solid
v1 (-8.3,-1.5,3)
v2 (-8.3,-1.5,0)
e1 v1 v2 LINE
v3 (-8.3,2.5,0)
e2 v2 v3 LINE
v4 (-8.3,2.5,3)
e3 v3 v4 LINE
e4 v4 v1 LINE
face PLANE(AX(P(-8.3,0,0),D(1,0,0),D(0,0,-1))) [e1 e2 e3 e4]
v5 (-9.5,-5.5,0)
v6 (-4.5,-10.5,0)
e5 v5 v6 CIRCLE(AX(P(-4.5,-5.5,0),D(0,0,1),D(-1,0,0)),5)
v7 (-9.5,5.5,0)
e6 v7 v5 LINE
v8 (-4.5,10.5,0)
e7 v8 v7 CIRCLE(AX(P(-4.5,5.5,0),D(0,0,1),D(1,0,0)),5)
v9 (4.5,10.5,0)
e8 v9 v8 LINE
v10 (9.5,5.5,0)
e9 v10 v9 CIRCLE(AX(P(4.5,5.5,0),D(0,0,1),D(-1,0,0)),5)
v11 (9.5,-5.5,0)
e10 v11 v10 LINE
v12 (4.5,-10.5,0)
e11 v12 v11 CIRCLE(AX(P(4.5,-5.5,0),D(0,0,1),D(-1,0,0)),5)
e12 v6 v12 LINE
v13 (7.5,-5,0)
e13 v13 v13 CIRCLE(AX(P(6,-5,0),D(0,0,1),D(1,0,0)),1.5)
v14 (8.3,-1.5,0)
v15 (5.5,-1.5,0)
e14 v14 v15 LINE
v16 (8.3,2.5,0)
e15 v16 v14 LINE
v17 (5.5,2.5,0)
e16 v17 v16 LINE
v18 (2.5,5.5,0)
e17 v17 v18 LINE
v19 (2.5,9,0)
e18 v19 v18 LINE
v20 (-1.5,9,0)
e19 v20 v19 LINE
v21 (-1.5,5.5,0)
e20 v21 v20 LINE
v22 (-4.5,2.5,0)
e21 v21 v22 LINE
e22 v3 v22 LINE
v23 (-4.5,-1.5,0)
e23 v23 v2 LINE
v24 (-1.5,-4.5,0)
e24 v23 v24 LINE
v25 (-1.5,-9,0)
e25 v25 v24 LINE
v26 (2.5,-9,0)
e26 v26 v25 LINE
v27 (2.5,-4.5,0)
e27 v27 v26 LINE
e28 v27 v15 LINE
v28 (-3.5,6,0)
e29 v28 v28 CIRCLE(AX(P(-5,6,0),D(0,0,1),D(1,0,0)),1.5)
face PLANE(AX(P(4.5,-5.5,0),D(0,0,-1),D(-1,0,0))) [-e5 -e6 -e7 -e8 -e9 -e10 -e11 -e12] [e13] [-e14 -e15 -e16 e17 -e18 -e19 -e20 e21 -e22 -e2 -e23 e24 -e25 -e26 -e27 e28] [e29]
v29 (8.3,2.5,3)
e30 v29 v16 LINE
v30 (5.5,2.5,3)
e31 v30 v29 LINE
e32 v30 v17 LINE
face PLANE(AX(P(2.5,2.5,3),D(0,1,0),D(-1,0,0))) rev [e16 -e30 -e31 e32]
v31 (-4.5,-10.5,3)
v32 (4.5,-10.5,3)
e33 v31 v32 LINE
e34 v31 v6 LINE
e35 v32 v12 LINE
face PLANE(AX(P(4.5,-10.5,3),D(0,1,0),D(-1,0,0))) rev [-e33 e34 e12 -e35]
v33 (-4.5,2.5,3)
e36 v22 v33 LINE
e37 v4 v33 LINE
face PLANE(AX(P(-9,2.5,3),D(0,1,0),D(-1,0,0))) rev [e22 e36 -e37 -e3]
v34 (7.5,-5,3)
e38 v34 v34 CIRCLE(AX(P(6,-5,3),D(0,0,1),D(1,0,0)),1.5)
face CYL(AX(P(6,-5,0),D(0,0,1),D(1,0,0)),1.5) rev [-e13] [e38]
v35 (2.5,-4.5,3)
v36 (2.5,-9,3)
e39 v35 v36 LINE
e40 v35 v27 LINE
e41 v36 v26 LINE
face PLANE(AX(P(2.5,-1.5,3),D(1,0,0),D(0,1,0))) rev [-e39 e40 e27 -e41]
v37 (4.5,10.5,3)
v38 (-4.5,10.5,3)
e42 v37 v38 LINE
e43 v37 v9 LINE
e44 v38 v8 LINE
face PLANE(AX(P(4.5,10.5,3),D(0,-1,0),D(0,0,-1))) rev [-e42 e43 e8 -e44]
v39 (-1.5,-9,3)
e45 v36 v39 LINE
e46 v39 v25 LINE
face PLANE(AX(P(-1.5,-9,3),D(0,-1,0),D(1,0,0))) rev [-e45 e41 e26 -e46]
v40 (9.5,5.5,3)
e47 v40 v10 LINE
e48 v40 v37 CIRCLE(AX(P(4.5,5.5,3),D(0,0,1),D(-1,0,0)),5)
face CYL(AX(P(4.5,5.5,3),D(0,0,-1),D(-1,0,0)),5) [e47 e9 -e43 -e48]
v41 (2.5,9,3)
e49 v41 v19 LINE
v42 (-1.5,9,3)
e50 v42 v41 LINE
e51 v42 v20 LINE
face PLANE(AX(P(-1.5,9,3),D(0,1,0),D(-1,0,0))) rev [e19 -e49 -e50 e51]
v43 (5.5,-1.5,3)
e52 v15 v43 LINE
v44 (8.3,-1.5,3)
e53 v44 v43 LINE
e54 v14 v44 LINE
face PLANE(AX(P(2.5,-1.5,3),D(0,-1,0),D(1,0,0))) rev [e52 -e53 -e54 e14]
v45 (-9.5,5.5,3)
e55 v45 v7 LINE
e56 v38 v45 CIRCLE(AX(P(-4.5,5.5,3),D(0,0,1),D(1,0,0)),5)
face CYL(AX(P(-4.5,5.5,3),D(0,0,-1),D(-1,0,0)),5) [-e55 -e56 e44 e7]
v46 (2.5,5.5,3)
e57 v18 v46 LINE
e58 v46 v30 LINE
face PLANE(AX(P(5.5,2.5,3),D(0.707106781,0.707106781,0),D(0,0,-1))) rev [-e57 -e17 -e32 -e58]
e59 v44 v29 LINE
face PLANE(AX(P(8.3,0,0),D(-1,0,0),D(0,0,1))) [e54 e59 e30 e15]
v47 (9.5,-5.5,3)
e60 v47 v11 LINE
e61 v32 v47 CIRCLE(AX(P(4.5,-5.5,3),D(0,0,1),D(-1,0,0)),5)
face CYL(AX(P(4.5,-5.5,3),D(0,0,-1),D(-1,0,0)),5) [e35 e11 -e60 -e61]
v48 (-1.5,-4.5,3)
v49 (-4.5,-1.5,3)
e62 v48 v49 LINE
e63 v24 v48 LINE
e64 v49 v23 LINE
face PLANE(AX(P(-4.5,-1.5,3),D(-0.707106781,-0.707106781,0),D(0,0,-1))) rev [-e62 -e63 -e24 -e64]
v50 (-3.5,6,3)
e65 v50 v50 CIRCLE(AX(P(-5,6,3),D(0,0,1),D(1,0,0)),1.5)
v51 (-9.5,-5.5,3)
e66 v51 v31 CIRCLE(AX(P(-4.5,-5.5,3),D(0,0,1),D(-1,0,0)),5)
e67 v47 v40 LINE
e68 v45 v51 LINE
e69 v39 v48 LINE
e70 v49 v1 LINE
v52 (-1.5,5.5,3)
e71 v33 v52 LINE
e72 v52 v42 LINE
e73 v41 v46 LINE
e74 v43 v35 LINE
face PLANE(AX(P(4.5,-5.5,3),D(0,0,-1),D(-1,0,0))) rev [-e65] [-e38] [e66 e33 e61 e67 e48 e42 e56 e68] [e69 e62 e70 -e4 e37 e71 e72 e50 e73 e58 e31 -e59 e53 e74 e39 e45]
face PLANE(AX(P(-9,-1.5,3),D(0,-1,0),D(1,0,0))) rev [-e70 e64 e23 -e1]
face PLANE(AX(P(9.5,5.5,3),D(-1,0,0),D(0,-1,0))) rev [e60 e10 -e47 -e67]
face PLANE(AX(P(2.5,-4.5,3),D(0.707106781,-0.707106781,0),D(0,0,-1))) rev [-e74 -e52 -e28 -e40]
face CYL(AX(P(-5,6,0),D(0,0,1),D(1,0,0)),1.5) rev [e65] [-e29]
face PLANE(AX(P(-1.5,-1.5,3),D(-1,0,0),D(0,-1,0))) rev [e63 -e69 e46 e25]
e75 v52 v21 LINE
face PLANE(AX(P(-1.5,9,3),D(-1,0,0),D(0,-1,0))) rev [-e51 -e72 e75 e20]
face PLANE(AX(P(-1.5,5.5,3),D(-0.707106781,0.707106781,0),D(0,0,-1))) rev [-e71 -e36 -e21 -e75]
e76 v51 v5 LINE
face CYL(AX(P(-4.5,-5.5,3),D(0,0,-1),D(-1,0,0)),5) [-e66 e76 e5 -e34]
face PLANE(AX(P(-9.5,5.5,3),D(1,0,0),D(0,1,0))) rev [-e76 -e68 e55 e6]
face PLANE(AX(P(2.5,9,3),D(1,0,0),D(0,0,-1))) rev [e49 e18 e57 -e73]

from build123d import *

# Parameters (mm, degrees)
RESSALTO_EXTRUS_O1_DEPTH = 3
CORTE_EXTRUS_O1_DEPTH    = 3
ESBO_O3_R                = 1.5
CORTE_EXTRUS_O2_DEPTH    = 3
CHANFRO1_SIZE            = 3
ESBO_O4_W                = 3
ESBO_O4_H                = 4
RESSALTO_EXTRUS_O2_DEPTH = 0.7
ESBO_O5_W                = 3
ESBO_O5_H                = 4
RESSALTO_EXTRUS_O3_DEPTH = 0.7


with BuildPart() as part:
    # Esboço1 → Ressalto-extrusão1 (new body)
    with BuildSketch(Plane.XY):
        with BuildLine():
            Line((4.5, 10.5), (-4.5, 10.5))
            ThreePointArc((-4.5, 10.5), (-8.035533906, 9.035533906), (-9.5, 5.5))
            Line((-9.5, 5.5), (-9.5, -5.5))
            ThreePointArc((-9.5, -5.5), (-8.035533906, -9.035533906), (-4.5, -10.5))
            Line((-4.5, -10.5), (4.5, -10.5))
            ThreePointArc((4.5, -10.5), (8.035533906, -9.035533906), (9.5, -5.5))
            Line((9.5, -5.5), (9.5, 5.5))
            ThreePointArc((9.5, 5.5), (8.035533906, 9.035533906), (4.5, 10.5))
        make_face()
    extrude(amount=RESSALTO_EXTRUS_O1_DEPTH)

    # Esboço2 → Corte-extrusão1 (cut)
    with BuildSketch(Plane(origin=(0, 0, 0), x_dir=(-1, 0, 0), z_dir=(0, 0, -1))):
        Polygon((-2.5, -1.5), (-2.5, -9), (1.5, -9), (1.5, -1.5), (9, -1.5), (9, 2.5), (1.5, 2.5), (1.5, 9), (-2.5, 9), (-2.5, 2.5), (-9, 2.5), (-9, -1.5), align=None)
    extrude(amount=-CORTE_EXTRUS_O1_DEPTH, mode=Mode.SUBTRACT)

    # Esboço3 → Corte-extrusão2 (cut)
    with BuildSketch(Plane.XY.offset(3)):
        with Locations((6, -5)):
            Circle(ESBO_O3_R)
        with Locations((-5, 6)):
            Circle(ESBO_O3_R)
    extrude(amount=-CORTE_EXTRUS_O2_DEPTH, mode=Mode.SUBTRACT)

    # Chanfro1
    chanfro1_edges = [part.edges().sort_by_distance(p)[0] for p in [
        (2.5, -1.5, 1.5),
        (2.5, 2.5, 1.5),
        (-1.5, 2.5, 1.5),
        (-1.5, -1.5, 1.5),
    ]]
    chamfer(chanfro1_edges, length=CHANFRO1_SIZE)

    # Esboço4 → Ressalto-extrusão2 (add)
    with BuildSketch(Plane(origin=(-9, 0, 0), x_dir=(0, 0, -1), z_dir=(1, 0, 0))):
        with Locations((-1.5, 0.5)):
            Rectangle(ESBO_O4_W, ESBO_O4_H)
    extrude(amount=RESSALTO_EXTRUS_O2_DEPTH)

    # Esboço5 → Ressalto-extrusão3 (add)
    with BuildSketch(Plane.ZY.offset(-9)):
        with Locations((1.5, 0.5)):
            Rectangle(ESBO_O5_W, ESBO_O5_H)
    extrude(amount=RESSALTO_EXTRUS_O3_DEPTH)


solid = part.part
